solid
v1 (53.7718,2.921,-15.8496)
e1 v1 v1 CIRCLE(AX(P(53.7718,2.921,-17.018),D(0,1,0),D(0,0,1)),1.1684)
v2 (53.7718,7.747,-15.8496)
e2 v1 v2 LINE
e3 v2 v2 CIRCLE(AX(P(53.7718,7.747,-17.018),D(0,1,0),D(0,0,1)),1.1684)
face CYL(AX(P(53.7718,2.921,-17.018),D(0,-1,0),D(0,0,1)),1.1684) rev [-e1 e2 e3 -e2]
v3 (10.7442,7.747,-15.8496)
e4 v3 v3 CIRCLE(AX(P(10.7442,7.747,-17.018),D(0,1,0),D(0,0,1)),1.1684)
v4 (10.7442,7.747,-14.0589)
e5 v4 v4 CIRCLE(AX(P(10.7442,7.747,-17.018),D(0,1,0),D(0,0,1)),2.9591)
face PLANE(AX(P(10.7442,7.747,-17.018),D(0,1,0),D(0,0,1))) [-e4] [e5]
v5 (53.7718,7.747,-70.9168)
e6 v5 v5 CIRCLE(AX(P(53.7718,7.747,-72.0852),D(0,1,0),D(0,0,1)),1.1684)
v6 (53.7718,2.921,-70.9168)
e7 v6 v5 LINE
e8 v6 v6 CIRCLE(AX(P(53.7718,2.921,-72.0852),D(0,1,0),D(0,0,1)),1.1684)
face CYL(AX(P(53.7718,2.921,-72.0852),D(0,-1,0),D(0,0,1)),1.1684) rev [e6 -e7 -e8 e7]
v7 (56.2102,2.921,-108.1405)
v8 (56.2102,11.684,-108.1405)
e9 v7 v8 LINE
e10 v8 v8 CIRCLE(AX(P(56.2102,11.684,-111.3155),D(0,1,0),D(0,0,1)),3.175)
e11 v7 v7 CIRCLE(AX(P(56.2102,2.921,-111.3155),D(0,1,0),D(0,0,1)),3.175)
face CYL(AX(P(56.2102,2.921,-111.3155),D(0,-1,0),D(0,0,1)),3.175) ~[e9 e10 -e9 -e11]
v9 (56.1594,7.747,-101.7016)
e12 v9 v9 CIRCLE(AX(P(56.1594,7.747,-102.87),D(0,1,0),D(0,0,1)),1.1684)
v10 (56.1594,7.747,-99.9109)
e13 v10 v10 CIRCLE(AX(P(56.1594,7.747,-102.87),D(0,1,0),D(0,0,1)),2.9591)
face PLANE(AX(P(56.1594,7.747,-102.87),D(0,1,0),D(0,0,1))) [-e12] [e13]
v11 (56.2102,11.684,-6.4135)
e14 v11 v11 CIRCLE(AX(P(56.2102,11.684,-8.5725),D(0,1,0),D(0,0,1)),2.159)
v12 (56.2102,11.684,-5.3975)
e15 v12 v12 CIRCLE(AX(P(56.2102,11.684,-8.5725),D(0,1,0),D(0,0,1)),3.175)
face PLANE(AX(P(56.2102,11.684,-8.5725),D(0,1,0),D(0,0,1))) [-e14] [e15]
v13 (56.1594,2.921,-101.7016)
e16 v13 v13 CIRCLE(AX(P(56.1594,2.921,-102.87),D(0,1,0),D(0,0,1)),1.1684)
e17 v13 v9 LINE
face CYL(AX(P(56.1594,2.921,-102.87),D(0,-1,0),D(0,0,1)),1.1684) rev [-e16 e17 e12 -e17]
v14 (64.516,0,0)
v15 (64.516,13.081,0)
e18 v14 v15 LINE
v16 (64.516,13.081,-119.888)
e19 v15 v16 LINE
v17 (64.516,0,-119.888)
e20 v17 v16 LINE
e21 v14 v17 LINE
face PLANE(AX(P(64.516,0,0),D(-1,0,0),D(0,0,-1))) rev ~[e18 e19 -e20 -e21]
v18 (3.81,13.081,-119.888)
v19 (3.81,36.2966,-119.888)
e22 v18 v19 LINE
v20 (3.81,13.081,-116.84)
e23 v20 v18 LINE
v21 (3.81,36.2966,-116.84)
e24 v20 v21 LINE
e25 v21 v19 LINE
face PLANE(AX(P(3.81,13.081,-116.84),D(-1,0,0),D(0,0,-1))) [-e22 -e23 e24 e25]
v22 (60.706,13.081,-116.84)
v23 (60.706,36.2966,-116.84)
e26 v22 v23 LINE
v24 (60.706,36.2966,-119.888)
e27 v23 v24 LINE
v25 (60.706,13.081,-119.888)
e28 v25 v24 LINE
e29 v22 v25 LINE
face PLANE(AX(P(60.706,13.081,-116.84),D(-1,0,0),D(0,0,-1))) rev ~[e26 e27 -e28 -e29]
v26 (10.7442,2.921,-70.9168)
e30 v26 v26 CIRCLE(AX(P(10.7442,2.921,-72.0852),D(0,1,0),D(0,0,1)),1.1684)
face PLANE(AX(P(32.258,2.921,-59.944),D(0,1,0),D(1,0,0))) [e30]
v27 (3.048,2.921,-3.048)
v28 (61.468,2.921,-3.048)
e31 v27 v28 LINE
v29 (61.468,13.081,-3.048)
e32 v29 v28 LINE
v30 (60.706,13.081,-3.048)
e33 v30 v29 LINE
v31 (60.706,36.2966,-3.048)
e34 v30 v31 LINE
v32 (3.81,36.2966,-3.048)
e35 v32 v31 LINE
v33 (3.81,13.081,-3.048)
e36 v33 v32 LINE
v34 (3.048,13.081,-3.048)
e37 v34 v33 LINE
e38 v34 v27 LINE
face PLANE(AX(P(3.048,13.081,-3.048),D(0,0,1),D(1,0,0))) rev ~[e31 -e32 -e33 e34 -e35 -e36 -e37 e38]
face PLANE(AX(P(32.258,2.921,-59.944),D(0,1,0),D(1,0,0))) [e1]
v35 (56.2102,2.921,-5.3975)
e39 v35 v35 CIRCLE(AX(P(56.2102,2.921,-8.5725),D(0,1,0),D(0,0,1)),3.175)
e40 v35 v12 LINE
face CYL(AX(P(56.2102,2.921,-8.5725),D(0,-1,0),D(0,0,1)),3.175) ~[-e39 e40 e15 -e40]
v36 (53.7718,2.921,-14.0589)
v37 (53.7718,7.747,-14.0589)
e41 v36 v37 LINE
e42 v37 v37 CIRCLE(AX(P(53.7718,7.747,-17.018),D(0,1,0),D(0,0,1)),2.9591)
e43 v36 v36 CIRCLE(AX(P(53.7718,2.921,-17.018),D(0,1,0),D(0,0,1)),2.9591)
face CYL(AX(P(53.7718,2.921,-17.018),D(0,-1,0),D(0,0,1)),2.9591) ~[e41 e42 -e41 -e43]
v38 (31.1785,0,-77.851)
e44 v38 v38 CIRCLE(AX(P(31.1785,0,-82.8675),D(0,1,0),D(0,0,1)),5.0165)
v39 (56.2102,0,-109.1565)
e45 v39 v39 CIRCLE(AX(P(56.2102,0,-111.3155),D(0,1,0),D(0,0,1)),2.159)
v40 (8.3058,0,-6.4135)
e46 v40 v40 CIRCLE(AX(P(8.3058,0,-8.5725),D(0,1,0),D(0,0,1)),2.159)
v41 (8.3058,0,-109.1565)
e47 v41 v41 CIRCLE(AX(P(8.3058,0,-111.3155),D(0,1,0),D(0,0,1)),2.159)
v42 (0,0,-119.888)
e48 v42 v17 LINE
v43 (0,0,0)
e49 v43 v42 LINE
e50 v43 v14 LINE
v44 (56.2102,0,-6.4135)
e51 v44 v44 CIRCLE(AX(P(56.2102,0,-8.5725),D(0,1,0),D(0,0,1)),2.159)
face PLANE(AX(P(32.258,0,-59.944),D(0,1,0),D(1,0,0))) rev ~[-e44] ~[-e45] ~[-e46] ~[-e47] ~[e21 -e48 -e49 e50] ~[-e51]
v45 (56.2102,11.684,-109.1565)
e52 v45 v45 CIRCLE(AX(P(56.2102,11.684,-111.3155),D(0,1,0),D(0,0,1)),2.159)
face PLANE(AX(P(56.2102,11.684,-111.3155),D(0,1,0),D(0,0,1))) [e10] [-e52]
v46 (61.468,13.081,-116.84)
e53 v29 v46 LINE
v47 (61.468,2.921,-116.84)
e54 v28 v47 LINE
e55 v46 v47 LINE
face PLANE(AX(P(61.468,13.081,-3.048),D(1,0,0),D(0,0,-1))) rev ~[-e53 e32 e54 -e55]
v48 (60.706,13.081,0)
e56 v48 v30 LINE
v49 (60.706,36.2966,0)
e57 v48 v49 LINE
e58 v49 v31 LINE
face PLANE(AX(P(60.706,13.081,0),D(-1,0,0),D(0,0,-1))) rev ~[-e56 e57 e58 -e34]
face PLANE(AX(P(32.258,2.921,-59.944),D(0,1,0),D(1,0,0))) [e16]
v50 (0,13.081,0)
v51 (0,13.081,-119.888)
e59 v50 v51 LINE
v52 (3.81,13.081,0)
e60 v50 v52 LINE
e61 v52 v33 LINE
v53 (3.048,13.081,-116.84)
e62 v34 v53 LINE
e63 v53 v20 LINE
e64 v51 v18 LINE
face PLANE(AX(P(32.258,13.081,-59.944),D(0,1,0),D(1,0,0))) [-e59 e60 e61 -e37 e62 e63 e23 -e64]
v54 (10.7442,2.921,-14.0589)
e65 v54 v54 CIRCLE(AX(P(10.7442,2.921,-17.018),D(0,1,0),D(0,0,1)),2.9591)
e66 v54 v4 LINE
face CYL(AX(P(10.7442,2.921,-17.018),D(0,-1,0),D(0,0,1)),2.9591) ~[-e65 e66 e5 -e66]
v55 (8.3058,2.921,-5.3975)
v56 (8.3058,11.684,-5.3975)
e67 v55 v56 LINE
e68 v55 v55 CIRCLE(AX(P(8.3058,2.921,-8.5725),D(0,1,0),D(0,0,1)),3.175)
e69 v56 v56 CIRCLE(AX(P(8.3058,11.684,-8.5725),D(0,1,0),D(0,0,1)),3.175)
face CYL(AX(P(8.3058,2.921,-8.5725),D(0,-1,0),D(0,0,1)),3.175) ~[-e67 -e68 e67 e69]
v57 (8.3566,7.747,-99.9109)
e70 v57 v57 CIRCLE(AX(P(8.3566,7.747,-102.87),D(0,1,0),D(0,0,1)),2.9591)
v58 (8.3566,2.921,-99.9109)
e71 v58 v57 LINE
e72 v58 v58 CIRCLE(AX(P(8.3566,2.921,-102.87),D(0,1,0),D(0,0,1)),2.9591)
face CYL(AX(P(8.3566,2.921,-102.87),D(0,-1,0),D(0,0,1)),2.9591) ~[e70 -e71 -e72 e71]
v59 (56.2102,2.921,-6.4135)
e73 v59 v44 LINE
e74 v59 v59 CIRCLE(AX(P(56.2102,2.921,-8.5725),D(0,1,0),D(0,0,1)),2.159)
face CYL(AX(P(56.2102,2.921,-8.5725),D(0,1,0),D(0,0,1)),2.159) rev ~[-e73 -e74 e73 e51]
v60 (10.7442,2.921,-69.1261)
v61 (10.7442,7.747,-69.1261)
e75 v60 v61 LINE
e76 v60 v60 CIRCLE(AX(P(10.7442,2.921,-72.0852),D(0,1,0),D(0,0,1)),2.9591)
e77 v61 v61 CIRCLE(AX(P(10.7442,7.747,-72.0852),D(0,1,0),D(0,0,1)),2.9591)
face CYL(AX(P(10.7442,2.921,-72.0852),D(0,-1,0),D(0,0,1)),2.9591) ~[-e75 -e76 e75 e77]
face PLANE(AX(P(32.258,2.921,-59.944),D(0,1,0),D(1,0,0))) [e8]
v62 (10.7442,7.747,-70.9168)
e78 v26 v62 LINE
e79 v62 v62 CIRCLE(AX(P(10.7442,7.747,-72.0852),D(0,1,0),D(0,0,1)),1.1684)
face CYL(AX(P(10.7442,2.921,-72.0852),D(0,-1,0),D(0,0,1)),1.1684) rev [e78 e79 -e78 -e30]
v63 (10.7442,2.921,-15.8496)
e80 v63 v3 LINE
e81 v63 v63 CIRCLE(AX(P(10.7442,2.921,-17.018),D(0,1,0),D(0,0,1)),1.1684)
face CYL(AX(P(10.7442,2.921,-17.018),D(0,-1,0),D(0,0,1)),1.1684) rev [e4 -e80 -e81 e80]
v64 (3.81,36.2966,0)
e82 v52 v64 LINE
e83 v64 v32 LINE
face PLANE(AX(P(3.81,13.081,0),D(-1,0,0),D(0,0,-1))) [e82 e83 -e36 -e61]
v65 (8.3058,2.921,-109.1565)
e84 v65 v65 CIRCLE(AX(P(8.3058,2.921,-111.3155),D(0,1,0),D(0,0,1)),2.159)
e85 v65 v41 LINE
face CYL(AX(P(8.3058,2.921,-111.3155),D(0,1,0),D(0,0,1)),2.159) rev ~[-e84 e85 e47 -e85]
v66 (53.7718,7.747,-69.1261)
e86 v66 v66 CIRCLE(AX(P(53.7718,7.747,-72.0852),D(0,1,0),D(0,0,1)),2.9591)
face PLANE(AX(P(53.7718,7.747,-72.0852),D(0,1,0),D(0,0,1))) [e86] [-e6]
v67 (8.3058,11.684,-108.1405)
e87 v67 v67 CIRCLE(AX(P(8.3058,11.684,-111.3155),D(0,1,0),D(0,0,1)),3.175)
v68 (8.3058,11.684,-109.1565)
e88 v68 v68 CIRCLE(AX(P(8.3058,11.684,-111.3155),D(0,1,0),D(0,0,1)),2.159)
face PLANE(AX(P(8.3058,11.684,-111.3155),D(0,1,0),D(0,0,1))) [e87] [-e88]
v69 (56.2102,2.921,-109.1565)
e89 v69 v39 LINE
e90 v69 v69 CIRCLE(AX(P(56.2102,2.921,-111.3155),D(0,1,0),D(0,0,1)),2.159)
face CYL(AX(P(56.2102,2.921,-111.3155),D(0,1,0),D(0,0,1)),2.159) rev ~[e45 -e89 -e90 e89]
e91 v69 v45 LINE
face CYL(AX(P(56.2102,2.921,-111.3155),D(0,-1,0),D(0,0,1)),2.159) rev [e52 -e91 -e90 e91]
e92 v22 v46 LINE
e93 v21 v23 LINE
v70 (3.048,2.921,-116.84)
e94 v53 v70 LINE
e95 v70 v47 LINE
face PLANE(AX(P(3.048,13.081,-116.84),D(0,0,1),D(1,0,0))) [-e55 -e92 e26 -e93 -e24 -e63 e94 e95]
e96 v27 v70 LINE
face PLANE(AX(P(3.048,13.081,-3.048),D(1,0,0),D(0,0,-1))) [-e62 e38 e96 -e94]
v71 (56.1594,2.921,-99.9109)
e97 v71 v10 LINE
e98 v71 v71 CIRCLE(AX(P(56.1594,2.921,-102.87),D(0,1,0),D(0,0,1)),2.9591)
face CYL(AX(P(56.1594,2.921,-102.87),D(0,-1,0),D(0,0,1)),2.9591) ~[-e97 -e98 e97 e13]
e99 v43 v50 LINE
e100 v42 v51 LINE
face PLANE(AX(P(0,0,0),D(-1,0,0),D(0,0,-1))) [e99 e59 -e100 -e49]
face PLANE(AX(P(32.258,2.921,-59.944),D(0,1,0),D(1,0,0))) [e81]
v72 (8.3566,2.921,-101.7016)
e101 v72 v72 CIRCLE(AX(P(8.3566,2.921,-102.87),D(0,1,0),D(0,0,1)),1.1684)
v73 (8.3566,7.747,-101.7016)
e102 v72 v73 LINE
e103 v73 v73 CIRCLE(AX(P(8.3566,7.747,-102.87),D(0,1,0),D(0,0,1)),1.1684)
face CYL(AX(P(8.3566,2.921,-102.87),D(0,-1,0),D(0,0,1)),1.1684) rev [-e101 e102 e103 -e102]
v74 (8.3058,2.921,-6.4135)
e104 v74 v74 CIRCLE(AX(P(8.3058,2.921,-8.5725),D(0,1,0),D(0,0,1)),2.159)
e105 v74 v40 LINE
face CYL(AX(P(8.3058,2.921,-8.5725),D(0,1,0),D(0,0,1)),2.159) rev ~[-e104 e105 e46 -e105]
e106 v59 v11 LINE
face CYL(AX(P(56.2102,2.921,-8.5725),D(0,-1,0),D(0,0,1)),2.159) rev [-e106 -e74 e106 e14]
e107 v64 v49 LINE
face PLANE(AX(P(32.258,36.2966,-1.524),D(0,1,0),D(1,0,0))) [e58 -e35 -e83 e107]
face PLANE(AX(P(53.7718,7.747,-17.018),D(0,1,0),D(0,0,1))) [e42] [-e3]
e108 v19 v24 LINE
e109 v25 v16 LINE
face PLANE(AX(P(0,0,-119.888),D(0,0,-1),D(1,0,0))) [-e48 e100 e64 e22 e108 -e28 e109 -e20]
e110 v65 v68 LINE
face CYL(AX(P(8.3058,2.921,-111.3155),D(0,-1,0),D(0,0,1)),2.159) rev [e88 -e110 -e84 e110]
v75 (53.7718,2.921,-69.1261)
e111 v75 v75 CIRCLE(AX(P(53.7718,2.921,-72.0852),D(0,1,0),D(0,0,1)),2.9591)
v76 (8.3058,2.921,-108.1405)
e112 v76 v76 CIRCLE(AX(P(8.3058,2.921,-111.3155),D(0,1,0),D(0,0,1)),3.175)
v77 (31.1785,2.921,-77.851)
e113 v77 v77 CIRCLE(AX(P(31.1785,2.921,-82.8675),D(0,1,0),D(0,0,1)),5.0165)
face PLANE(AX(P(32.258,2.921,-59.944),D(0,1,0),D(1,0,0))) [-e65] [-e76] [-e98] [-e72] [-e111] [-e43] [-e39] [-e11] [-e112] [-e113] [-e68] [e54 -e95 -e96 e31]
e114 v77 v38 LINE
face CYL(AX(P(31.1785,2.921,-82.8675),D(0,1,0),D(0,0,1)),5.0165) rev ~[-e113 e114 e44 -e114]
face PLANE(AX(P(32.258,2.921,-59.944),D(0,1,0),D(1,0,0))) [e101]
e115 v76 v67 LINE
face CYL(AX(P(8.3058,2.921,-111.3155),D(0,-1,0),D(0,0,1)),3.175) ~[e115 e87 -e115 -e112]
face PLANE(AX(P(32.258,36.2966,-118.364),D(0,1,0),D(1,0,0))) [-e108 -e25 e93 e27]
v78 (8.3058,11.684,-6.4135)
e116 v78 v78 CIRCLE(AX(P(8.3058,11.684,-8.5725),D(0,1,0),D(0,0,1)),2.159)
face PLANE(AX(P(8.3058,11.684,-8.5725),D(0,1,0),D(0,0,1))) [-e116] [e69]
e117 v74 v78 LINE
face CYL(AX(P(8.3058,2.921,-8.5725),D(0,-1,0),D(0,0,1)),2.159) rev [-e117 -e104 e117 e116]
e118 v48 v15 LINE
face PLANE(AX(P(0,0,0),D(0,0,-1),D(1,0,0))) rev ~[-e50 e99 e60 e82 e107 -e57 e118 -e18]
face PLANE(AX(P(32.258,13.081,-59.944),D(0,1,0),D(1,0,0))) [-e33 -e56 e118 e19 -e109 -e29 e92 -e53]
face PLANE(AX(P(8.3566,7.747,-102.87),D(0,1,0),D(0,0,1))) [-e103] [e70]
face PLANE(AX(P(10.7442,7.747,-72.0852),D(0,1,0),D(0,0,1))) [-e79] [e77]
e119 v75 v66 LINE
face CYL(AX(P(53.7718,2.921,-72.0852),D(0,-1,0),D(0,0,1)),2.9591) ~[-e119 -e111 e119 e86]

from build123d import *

# Parameters (mm, degrees)
SKETCH1_W           = 64.516
SKETCH1_H           = 119.888
BOSS_EXTRUDE1_DEPTH = 13.081
SKETCH2_W           = 58.42
SKETCH2_H           = 113.792
CUT_EXTRUDE1_DEPTH  = 10.16
SKETCH3_W           = 56.896
SKETCH3_H           = 3.048
BOSS_EXTRUDE2_DEPTH = 23.2156
SKETCH4_R           = 2.9591
SKETCH4_R_2         = 1.1684
BOSS_EXTRUDE3_DEPTH = 4.826
SKETCH5_R           = 5.0165
CUT_EXTRUDE2_DEPTH  = 141.176237199
SKETCH6_R           = 3.175
SKETCH6_R_2         = 2.159
BOSS_EXTRUDE4_DEPTH = 8.763
SKETCH6_2_R         = 2.159
CUT_EXTRUDE3_DEPTH  = 141.176237199


with BuildPart() as part:
    # Sketch1 → Boss-Extrude1 (new body)
    with BuildSketch(Plane(origin=(0, 0, 0), x_dir=(1, 0, 0), z_dir=(0, 1, 0))):
        with Locations((32.258, 59.944)):
            Rectangle(SKETCH1_W, SKETCH1_H)
    extrude(amount=BOSS_EXTRUDE1_DEPTH)

    # Sketch2 → Cut-Extrude1 (cut)
    with BuildSketch(Plane(origin=(0, 13.081, 0), x_dir=(1, 0, 0), z_dir=(0, 1, 0))):
        with Locations((32.258, 59.944)):
            Rectangle(SKETCH2_W, SKETCH2_H)
    extrude(amount=-CUT_EXTRUDE1_DEPTH, mode=Mode.SUBTRACT)

    # Sketch3 → Boss-Extrude2 (add)
    with BuildSketch(Plane(origin=(0, 13.081, 0), x_dir=(1, 0, 0), z_dir=(0, 1, 0))):
        with Locations((32.258, 118.364)):
            Rectangle(SKETCH3_W, SKETCH3_H)
        with Locations((32.258, 1.524)):
            Rectangle(SKETCH3_W, SKETCH3_H)
    extrude(amount=BOSS_EXTRUDE2_DEPTH)

    # Sketch4 → Boss-Extrude3 (add)
    # profile 1 of 6: a face of its own
    with BuildSketch(Plane(origin=(0, 2.921, 0), x_dir=(1, 0, 0), z_dir=(0, 1, 0))):
        with Locations((8.3566, 102.87)):
            Circle(SKETCH4_R)
        with Locations((8.3566, 102.87)):
            Circle(SKETCH4_R_2, mode=Mode.SUBTRACT)
    # profile 2 of 6: a face of its own
    with BuildSketch(Plane(origin=(0, 2.921, 0), x_dir=(1, 0, 0), z_dir=(0, 1, 0))):
        with Locations((56.1594, 102.87)):
            Circle(SKETCH4_R)
        with Locations((56.1594, 102.87)):
            Circle(SKETCH4_R_2, mode=Mode.SUBTRACT)
    # profile 3 of 6: a face of its own
    with BuildSketch(Plane(origin=(0, 2.921, 0), x_dir=(1, 0, 0), z_dir=(0, 1, 0))):
        with Locations((10.7442, 72.0852)):
            Circle(SKETCH4_R)
        with Locations((10.7442, 72.0852)):
            Circle(SKETCH4_R_2, mode=Mode.SUBTRACT)
    # profile 4 of 6: a face of its own
    with BuildSketch(Plane(origin=(0, 2.921, 0), x_dir=(1, 0, 0), z_dir=(0, 1, 0))):
        with Locations((53.7718, 72.0852)):
            Circle(SKETCH4_R)
        with Locations((53.7718, 72.0852)):
            Circle(SKETCH4_R_2, mode=Mode.SUBTRACT)
    # profile 5 of 6: a face of its own
    with BuildSketch(Plane(origin=(0, 2.921, 0), x_dir=(1, 0, 0), z_dir=(0, 1, 0))):
        with Locations((10.7442, 17.018)):
            Circle(SKETCH4_R)
        with Locations((10.7442, 17.018)):
            Circle(SKETCH4_R_2, mode=Mode.SUBTRACT)
    # profile 6 of 6: a face of its own
    with BuildSketch(Plane(origin=(0, 2.921, 0), x_dir=(1, 0, 0), z_dir=(0, 1, 0))):
        with Locations((53.7718, 17.018)):
            Circle(SKETCH4_R)
        with Locations((53.7718, 17.018)):
            Circle(SKETCH4_R_2, mode=Mode.SUBTRACT)
    extrude(amount=BOSS_EXTRUDE3_DEPTH)

    # Sketch5 → Cut-Extrude2 (cut, through all)
    with BuildSketch(Plane(origin=(0, 2.921, 0), x_dir=(1, 0, 0), z_dir=(0, 1, 0))):
        with Locations((31.1785, 82.8675)):
            Circle(SKETCH5_R)
    extrude(amount=-CUT_EXTRUDE2_DEPTH, mode=Mode.SUBTRACT)

    # Sketch6 → Boss-Extrude4 (add)
    # profile 1 of 4: a face of its own
    with BuildSketch(Plane(origin=(0, 2.921, 0), x_dir=(1, 0, 0), z_dir=(0, 1, 0))):
        with Locations((8.3058, 111.3155)):
            Circle(SKETCH6_R)
        with Locations((8.3058, 111.3155)):
            Circle(SKETCH6_R_2, mode=Mode.SUBTRACT)
    # profile 2 of 4: a face of its own
    with BuildSketch(Plane(origin=(0, 2.921, 0), x_dir=(1, 0, 0), z_dir=(0, 1, 0))):
        with Locations((56.2102, 111.3155)):
            Circle(SKETCH6_R)
        with Locations((56.2102, 111.3155)):
            Circle(SKETCH6_R_2, mode=Mode.SUBTRACT)
    # profile 3 of 4: a face of its own
    with BuildSketch(Plane(origin=(0, 2.921, 0), x_dir=(1, 0, 0), z_dir=(0, 1, 0))):
        with Locations((8.3058, 8.5725)):
            Circle(SKETCH6_R)
        with Locations((8.3058, 8.5725)):
            Circle(SKETCH6_R_2, mode=Mode.SUBTRACT)
    # profile 4 of 4: a face of its own
    with BuildSketch(Plane(origin=(0, 2.921, 0), x_dir=(1, 0, 0), z_dir=(0, 1, 0))):
        with Locations((56.2102, 8.5725)):
            Circle(SKETCH6_R)
        with Locations((56.2102, 8.5725)):
            Circle(SKETCH6_R_2, mode=Mode.SUBTRACT)
    extrude(amount=BOSS_EXTRUDE4_DEPTH)

    # Sketch6<2> → Cut-Extrude3 (cut, through all)
    with BuildSketch(Plane(origin=(0, 2.921, 0), x_dir=(1, 0, 0), z_dir=(0, 1, 0))):
        with Locations((8.3058, 111.3155)):
            Circle(SKETCH6_2_R)
        with Locations((56.2102, 111.3155)):
            Circle(SKETCH6_2_R)
        with Locations((8.3058, 8.5725)):
            Circle(SKETCH6_2_R)
        with Locations((56.2102, 8.5725)):
            Circle(SKETCH6_2_R)
    extrude(amount=-CUT_EXTRUDE3_DEPTH, mode=Mode.SUBTRACT)


solid = part.part
